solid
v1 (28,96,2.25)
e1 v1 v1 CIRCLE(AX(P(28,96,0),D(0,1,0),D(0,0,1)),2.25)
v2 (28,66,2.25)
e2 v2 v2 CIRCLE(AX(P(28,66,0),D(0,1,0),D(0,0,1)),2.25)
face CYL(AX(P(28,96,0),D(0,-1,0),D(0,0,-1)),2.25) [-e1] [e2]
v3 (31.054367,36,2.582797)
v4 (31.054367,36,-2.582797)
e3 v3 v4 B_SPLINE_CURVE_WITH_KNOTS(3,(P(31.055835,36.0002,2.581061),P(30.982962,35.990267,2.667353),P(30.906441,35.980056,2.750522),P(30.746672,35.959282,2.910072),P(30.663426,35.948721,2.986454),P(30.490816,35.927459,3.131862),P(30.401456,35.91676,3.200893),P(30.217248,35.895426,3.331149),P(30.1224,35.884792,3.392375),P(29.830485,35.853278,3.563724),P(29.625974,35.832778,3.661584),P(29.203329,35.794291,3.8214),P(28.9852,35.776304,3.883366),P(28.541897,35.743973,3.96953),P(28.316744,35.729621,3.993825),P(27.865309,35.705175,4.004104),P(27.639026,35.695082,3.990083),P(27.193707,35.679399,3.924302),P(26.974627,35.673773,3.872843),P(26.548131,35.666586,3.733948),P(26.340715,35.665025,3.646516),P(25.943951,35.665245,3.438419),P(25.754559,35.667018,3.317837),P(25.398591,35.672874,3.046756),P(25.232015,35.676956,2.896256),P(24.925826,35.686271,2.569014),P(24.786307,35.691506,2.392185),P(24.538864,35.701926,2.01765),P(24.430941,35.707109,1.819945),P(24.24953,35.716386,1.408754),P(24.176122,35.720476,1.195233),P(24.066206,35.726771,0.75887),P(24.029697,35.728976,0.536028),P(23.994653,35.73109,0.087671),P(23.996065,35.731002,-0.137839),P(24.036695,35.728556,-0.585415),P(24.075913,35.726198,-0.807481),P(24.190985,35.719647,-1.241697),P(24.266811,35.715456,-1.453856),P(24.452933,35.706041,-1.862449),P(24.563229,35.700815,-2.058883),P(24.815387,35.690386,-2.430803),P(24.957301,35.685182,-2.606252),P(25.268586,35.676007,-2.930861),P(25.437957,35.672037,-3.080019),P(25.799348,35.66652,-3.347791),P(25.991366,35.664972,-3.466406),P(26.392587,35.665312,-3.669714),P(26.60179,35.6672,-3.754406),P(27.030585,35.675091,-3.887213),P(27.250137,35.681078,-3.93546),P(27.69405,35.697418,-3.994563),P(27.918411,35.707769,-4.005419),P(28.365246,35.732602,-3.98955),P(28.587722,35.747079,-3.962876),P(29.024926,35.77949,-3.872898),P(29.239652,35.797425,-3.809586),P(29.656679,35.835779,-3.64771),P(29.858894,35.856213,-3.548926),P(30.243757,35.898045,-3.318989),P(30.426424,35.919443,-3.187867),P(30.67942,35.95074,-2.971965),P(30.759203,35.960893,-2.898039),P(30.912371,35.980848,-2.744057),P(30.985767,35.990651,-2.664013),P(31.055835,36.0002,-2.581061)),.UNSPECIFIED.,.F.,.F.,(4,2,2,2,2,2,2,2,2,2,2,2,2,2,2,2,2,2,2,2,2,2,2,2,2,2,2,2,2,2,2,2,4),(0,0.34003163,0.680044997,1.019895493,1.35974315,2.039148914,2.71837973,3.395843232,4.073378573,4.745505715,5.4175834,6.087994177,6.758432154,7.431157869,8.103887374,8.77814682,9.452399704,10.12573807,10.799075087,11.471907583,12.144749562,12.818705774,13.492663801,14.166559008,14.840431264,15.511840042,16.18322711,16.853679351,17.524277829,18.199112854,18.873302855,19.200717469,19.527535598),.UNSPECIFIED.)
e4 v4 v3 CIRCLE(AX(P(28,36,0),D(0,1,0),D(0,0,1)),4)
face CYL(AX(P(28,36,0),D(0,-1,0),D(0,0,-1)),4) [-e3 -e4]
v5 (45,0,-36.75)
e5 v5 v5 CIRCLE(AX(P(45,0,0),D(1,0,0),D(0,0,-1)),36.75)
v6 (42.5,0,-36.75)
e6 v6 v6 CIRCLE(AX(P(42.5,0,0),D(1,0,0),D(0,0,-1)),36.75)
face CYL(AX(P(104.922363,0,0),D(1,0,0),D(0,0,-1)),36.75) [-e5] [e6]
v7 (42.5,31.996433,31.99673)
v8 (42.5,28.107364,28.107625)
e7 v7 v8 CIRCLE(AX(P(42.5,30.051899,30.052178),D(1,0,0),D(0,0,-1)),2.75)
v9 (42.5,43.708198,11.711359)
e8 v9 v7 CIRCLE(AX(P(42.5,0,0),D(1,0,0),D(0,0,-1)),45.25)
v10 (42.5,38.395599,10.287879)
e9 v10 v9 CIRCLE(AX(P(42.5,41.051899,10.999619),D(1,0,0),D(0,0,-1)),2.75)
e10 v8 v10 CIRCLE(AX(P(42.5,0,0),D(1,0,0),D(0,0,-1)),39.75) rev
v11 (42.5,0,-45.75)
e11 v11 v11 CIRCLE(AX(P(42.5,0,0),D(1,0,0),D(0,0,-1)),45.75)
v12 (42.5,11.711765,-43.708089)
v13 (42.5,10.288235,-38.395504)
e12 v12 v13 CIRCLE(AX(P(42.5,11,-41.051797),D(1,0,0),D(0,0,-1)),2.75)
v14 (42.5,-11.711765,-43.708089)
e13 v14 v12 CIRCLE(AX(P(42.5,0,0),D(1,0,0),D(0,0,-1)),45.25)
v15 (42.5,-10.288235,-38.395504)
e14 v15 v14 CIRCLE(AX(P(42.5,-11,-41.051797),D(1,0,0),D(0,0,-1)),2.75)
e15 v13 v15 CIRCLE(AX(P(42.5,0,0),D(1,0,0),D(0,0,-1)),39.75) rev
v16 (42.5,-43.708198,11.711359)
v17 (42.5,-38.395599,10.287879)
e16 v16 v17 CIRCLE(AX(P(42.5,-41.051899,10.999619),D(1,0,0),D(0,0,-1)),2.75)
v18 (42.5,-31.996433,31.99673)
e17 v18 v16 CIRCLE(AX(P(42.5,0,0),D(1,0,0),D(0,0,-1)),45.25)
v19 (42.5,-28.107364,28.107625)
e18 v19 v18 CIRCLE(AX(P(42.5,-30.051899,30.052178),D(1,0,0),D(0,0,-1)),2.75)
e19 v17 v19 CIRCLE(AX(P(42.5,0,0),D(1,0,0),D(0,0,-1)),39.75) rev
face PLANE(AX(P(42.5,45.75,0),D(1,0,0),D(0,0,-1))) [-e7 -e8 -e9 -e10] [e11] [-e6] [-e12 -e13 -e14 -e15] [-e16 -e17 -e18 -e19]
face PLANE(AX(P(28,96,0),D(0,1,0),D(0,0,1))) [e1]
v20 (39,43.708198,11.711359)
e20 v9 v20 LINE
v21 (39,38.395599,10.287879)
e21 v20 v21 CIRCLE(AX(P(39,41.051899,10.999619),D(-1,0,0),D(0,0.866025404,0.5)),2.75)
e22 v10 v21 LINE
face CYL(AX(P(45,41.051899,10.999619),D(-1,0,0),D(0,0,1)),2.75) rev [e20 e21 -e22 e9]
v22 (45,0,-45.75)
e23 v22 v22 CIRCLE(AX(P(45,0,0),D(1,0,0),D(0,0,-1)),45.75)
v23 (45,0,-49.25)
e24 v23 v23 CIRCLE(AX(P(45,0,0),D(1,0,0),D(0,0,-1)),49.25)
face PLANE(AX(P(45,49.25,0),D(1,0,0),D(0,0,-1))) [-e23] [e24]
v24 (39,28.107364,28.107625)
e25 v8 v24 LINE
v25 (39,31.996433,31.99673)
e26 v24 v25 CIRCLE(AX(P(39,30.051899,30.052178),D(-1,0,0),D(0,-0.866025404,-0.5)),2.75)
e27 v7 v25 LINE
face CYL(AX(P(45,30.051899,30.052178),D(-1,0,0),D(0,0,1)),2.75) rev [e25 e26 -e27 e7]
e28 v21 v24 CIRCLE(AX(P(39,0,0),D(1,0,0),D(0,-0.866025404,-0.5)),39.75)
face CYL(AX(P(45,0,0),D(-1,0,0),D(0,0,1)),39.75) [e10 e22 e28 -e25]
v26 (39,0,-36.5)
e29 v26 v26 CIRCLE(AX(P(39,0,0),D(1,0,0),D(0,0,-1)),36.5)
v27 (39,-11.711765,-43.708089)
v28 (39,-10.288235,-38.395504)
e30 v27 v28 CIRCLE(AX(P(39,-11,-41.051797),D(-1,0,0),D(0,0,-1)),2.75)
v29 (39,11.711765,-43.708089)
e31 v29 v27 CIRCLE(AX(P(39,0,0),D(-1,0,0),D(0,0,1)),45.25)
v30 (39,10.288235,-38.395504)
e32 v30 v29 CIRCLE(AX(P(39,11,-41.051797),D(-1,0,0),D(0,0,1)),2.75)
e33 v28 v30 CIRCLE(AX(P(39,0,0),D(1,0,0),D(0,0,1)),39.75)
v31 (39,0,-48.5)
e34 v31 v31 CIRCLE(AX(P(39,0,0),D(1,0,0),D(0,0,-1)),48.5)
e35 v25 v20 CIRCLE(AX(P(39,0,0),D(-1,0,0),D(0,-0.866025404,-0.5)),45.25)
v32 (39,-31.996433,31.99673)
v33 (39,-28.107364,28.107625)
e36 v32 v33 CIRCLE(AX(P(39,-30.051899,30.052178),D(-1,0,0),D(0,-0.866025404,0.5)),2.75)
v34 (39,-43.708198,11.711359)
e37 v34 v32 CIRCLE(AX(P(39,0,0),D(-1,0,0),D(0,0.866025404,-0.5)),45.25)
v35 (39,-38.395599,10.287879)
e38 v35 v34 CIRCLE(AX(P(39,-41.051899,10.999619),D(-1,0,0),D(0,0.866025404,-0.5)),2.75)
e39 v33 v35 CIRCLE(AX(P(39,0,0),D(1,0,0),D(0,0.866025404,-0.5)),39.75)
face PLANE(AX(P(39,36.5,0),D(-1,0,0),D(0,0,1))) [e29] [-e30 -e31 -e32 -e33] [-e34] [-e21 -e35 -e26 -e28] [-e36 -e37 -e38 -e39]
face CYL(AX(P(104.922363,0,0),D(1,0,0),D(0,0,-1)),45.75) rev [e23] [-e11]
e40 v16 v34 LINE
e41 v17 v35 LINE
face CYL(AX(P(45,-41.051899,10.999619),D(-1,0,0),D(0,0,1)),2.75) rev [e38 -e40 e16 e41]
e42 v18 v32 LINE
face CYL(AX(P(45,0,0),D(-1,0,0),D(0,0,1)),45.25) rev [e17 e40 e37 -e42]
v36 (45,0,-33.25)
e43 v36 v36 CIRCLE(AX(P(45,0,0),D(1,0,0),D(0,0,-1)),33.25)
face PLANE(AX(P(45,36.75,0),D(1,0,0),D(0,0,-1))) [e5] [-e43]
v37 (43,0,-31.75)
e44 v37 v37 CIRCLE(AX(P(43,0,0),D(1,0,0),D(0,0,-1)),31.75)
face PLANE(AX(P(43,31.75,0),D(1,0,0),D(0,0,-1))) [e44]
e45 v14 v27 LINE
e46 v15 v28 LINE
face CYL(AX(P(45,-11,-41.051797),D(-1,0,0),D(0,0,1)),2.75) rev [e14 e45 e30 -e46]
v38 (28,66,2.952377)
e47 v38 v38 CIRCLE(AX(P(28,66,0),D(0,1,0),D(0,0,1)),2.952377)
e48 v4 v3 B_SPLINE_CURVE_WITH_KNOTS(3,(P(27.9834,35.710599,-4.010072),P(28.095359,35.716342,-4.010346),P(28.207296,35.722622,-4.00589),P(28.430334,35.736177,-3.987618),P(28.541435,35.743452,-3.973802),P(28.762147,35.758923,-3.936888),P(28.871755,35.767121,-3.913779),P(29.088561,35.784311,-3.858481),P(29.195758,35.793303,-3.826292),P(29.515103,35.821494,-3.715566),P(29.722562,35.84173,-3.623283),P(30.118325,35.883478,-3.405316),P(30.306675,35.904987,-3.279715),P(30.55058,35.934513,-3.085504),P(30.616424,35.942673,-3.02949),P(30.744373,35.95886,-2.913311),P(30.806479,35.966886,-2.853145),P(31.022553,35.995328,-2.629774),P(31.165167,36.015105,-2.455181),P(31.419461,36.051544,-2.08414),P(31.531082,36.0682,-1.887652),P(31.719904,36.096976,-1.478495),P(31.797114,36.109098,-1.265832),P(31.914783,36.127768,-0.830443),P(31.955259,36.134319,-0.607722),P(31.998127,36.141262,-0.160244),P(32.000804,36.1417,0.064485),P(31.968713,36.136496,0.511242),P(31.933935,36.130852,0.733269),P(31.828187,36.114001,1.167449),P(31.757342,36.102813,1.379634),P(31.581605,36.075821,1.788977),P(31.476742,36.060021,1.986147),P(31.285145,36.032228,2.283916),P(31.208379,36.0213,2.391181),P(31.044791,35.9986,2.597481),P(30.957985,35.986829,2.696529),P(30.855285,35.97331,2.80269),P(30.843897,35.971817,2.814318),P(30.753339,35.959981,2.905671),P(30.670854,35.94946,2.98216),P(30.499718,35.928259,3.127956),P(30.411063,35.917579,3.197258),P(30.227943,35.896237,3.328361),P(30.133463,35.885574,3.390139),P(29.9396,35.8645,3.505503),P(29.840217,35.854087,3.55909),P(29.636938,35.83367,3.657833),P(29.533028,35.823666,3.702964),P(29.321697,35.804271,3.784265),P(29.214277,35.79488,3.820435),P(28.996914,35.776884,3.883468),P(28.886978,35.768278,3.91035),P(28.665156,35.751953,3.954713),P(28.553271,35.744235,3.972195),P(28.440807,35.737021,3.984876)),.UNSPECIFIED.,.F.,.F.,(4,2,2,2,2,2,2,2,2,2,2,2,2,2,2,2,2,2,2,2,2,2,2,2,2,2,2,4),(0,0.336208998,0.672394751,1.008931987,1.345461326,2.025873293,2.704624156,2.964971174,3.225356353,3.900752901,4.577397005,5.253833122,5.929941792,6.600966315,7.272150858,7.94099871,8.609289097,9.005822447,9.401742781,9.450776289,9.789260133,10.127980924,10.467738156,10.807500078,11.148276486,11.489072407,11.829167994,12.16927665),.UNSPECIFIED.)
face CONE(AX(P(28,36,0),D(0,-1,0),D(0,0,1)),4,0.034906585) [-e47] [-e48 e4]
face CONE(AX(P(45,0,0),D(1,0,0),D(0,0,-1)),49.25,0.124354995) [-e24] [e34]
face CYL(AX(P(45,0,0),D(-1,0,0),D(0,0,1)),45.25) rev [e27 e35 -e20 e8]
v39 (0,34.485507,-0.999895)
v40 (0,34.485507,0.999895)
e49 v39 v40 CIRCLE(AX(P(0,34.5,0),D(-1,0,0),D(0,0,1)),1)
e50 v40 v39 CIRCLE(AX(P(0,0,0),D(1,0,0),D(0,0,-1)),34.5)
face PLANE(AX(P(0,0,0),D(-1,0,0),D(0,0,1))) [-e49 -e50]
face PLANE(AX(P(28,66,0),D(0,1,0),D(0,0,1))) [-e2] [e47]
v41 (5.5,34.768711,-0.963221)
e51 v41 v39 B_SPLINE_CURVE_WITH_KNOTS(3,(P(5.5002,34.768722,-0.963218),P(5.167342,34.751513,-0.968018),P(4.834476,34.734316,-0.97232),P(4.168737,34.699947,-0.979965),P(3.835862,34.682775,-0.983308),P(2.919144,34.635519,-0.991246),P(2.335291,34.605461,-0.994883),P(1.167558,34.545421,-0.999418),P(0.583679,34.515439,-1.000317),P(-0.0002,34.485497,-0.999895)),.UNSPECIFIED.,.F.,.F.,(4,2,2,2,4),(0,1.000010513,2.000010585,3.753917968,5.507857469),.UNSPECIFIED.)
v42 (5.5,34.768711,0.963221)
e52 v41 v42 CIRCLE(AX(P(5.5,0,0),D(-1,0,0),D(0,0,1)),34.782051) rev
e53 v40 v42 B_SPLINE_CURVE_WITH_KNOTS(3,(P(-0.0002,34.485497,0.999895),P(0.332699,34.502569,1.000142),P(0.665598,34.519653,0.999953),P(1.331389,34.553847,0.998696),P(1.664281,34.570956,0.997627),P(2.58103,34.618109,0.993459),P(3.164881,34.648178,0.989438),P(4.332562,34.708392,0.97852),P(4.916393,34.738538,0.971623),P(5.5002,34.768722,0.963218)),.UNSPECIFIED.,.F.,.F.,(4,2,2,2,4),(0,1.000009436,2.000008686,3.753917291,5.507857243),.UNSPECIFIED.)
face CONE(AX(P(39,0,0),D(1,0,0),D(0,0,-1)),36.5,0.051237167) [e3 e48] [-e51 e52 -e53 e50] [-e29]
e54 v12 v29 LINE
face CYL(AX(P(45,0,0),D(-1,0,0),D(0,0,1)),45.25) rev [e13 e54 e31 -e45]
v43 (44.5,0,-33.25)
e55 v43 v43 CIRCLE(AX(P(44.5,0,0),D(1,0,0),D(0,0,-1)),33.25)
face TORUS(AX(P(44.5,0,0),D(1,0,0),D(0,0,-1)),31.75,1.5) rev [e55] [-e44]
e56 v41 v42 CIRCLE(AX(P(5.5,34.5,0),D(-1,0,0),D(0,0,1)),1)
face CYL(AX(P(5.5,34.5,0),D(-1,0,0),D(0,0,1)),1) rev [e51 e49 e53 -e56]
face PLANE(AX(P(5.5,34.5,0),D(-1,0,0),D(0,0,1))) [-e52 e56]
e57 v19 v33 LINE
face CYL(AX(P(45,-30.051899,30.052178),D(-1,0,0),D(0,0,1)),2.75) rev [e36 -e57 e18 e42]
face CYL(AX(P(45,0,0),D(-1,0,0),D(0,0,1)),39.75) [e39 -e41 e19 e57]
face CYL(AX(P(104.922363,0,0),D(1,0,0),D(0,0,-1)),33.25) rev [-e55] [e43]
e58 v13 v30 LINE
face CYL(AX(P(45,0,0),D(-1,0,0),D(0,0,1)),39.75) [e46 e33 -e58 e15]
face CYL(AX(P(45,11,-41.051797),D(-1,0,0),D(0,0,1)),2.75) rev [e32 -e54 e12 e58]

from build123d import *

# Parameters (mm, degrees)
ESQUISSE2_R                  = 1
ENL_V_MAT_EXTRU_1_DEPTH      = 5.5
ESQUISSE3_R                  = 4
EXTRUSION1_DEPTH             = 36
ESQUISSE4_R                  = 4
EXTRUSION2_DEPTH             = 30
EXTRUSION2_TAPER             = 2
ESQUISSE5_R                  = 2.25
EXTRUSION3_DEPTH             = 30
ENL_V_MAT_EXTRU_2_DEPTH      = 7
R_P_TITION_CIRCULAIRE1_COUNT = 3


with BuildPart() as part:
    # Esquisse1 → Révolution1 (revolve)
    with BuildSketch(Plane.XY):
        with BuildLine():
            Line((0, 0), (0, 34.5))
            Line((0, 34.5), (39, 36.5))
            Line((39, 36.5), (39, 48.5))
            Line((39, 48.5), (45, 49.25))
            Line((45, 49.25), (45, 45.75))
            Line((45, 45.75), (42.5, 45.75))
            Line((42.5, 45.75), (42.5, 36.75))
            Line((42.5, 36.75), (45, 36.75))
            Line((45, 36.75), (45, 33.25))
            Line((45, 33.25), (44.5, 33.25))
            ThreePointArc((44.5, 33.25), (43.439339828, 32.810660172), (43, 31.75))
            Line((43, 31.75), (43, 0))
            Line((43, 0), (0, 0))
        make_face()
    revolve(axis=Axis((104.922362869, 0, 0), (-1, 0, 0)))

    # Esquisse2 → Enlèv. mat.-Extru.1 (cut)
    with BuildSketch(Plane.ZY):
        with Locations((0, 34.5)):
            Circle(ESQUISSE2_R)
    extrude(amount=-ENL_V_MAT_EXTRU_1_DEPTH, mode=Mode.SUBTRACT)

    # Esquisse3 → Extrusion1 (add)
    with BuildSketch(Plane(origin=(0, 0, 0), x_dir=(1, 0, 0), z_dir=(0, 1, 0))):
        with Locations((28, 0)):
            Circle(ESQUISSE3_R)
    extrude(amount=EXTRUSION1_DEPTH)

    # Esquisse4 → Extrusion2 (add)
    with BuildSketch(Plane(origin=(0, 36, 0), x_dir=(-1, 0, 0), z_dir=(0, 1, 0))):
        with Locations((-28, 0)):
            Circle(ESQUISSE4_R)
    extrude(amount=EXTRUSION2_DEPTH, taper=EXTRUSION2_TAPER)

    # Esquisse5 → Extrusion3 (add)
    with BuildSketch(Plane(origin=(0, 66, 0), x_dir=(-1, 0, 0), z_dir=(0, 1, 0))):
        with Locations((-28, 0)):
            Circle(ESQUISSE5_R)
    extrude(amount=EXTRUSION3_DEPTH)

    # Esquisse6 → Enlèv. mat.-Extru.2 (cut, through all)
    with BuildSketch(Plane.ZY.offset(-39)):
        with BuildLine():
            ThreePointArc((-38.395503832, 10.288235294), (-40.340031844, 13.656292718), (-43.708089268, 11.711764706))
            ThreePointArc((-43.708089268, 11.711764706), (-45.25, 0), (-43.708089268, -11.711764706))
            ThreePointArc((-43.708089268, -11.711764706), (-40.340031844, -13.656292718), (-38.395503832, -10.288235294))
            ThreePointArc((-38.395503832, -10.288235294), (-39.75, 0), (-38.395503832, 10.288235294))
        make_face()
    enl_v_mat_extru_2 = extrude(amount=-ENL_V_MAT_EXTRU_2_DEPTH, mode=Mode.SUBTRACT)

    # Répétition circulaire1: Enlèv. mat.-Extru.2 ×3 about axis
    r_p_tition_circulaire1_axis = Axis((39, 0, 0), (-1, 0, 0))
    for i in range(1, R_P_TITION_CIRCULAIRE1_COUNT):
        add(enl_v_mat_extru_2.rotate(r_p_tition_circulaire1_axis, i * 360 / R_P_TITION_CIRCULAIRE1_COUNT), mode=Mode.SUBTRACT)


solid = part.part
